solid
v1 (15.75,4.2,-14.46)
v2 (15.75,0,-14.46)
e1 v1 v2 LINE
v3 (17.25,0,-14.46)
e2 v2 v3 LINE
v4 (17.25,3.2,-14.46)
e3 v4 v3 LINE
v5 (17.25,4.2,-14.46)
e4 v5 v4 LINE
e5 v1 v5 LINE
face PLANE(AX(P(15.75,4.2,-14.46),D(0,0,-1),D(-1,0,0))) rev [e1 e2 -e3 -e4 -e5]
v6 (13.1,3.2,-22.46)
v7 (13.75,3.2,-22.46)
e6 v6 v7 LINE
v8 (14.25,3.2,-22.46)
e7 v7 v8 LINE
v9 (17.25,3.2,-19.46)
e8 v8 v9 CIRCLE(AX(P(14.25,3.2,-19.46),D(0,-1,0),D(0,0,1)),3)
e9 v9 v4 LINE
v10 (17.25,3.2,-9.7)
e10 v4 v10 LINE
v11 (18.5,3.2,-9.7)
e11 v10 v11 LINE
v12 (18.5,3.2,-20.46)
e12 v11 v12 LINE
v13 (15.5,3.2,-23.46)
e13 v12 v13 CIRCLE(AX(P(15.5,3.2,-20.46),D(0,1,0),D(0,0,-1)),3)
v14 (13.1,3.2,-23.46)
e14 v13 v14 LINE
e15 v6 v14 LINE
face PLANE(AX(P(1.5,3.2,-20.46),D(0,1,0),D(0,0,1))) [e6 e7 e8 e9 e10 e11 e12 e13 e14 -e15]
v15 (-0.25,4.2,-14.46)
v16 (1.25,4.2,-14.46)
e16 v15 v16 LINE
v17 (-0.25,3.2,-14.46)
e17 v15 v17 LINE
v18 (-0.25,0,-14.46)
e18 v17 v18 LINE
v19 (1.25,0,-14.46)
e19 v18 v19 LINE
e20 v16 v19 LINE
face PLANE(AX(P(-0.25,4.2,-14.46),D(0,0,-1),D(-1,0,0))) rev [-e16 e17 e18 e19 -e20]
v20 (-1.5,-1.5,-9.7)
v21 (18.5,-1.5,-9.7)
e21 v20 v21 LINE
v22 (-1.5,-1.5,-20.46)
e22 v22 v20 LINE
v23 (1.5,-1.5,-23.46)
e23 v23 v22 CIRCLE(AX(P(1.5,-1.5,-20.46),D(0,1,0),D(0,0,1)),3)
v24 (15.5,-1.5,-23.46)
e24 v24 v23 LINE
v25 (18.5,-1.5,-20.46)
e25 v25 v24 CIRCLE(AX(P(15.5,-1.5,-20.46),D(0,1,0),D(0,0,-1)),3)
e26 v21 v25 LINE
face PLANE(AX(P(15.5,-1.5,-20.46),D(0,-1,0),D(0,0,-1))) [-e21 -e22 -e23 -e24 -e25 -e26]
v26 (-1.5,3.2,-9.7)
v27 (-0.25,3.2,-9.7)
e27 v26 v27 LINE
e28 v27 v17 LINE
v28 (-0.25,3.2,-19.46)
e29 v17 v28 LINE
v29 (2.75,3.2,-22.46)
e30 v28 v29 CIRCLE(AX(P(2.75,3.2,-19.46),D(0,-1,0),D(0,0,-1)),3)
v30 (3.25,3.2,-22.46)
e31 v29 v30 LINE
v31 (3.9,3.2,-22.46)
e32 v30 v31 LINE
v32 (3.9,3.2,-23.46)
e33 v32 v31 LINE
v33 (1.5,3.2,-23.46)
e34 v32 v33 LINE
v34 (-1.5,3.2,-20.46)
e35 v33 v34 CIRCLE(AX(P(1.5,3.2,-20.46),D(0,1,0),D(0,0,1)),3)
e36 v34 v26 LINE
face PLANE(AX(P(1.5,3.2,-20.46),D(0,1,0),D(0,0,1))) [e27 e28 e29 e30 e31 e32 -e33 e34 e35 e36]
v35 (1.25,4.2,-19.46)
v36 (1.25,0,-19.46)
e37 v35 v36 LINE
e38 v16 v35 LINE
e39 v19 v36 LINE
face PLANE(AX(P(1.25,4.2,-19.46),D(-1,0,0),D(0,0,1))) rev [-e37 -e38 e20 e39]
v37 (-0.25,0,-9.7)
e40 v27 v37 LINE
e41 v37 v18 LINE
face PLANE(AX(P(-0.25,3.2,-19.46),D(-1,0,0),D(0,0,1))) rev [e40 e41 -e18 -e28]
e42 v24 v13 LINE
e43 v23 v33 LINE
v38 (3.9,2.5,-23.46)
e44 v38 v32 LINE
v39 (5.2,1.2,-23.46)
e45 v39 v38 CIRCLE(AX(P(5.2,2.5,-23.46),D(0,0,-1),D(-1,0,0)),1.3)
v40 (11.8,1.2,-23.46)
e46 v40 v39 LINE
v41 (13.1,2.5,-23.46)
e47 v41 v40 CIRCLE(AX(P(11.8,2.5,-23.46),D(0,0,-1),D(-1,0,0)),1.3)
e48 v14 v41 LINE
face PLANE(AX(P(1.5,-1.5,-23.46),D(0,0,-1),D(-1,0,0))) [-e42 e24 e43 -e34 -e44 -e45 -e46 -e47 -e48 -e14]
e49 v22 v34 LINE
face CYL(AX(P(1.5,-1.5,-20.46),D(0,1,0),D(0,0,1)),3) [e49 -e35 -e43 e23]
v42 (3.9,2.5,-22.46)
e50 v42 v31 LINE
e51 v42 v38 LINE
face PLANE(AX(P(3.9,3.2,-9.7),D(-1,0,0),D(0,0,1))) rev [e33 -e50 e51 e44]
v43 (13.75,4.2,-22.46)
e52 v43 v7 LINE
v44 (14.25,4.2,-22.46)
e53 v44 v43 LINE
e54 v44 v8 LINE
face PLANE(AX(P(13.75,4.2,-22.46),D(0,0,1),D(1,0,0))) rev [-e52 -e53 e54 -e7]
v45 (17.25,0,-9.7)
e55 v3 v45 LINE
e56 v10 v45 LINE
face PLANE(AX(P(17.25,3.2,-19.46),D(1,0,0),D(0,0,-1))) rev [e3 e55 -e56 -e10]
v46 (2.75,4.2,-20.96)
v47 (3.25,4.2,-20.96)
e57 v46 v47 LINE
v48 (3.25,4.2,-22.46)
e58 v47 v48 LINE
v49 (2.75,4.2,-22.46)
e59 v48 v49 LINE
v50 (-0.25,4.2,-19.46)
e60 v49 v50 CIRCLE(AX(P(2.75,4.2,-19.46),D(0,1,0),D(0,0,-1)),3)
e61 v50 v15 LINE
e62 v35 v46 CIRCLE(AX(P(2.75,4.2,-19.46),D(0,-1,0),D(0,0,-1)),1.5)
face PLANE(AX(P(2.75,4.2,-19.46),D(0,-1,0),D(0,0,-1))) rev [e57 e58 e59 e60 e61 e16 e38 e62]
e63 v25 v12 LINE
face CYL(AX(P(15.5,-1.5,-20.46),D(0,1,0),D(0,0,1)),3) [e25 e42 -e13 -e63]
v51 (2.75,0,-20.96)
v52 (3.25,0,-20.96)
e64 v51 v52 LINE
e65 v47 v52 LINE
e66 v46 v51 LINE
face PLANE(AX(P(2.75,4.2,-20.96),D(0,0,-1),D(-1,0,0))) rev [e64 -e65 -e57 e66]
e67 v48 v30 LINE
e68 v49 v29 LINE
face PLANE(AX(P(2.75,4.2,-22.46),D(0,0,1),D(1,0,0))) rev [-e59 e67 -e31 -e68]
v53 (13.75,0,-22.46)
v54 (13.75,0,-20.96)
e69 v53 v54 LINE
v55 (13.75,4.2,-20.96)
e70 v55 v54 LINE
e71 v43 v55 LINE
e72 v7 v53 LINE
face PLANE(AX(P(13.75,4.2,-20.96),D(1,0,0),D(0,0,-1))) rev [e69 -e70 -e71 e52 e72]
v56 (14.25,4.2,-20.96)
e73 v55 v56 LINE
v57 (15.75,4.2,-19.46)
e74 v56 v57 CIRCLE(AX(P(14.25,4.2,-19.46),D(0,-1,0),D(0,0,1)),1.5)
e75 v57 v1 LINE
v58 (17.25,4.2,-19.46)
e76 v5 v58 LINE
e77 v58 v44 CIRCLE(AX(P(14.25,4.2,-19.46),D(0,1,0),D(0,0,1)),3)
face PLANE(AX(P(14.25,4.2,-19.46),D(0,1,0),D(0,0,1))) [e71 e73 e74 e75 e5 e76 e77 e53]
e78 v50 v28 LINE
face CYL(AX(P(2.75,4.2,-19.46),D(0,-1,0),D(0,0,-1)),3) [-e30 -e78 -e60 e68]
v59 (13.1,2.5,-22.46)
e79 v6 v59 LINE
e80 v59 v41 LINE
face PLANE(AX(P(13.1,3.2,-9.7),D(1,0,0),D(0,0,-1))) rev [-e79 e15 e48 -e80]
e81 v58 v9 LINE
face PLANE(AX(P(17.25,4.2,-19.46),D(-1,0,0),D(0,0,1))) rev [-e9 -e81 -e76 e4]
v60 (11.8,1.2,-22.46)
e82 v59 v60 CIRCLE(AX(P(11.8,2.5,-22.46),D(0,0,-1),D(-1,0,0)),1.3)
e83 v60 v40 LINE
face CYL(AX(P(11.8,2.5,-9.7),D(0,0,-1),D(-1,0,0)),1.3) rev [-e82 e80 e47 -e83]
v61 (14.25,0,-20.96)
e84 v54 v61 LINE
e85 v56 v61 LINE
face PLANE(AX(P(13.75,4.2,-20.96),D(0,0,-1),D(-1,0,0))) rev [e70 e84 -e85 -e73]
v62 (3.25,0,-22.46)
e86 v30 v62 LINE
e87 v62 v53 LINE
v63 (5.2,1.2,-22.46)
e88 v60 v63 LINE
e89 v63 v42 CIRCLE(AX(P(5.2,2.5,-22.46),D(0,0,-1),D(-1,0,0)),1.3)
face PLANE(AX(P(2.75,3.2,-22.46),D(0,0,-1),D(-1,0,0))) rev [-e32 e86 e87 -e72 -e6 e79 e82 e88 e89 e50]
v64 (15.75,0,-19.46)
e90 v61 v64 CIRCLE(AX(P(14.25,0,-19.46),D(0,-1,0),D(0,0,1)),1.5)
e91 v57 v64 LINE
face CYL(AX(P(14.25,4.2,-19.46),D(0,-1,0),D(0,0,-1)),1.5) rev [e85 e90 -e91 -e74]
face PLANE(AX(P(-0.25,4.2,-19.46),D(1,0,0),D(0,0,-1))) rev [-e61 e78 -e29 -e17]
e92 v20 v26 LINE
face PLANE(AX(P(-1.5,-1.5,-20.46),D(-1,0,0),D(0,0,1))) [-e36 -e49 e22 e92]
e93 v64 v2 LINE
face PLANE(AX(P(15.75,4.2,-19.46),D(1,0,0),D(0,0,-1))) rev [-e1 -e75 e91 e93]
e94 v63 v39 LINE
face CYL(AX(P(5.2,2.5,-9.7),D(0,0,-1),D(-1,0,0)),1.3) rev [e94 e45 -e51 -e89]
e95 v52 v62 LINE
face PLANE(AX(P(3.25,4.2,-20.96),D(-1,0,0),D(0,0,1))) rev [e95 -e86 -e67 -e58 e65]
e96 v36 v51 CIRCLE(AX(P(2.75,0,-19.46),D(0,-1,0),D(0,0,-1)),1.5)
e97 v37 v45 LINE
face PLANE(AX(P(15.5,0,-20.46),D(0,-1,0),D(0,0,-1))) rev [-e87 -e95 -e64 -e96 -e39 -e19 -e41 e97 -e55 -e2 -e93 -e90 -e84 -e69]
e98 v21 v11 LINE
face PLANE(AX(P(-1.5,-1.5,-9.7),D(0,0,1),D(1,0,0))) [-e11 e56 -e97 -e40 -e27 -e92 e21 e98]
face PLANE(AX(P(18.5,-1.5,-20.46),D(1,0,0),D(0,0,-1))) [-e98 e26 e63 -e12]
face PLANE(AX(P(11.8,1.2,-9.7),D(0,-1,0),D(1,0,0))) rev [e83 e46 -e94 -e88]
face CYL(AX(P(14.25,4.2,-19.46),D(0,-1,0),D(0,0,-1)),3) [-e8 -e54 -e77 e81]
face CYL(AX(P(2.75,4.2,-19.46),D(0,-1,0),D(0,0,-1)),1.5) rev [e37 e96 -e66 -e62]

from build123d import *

# Parameters (mm, degrees)
BOSS_EXTRUDE1_DEPTH = 1.5
BOSS_EXTRUDE2_START = 3.2
BOSS_EXTRUDE2_DEPTH = 3.2
BOSS_EXTRUDE3_START = 4.2
BOSS_EXTRUDE3_DEPTH = 4.2
CUT_EXTRUDE1_DEPTH  = 24.43560539


with BuildPart() as part:
    # Sketch1 → Boss-Extrude1 (new body)
    with BuildSketch(Plane(origin=(0, 0, 0), x_dir=(1, 0, 0), z_dir=(0, 1, 0))):
        with BuildLine():
            Line((-1.5, 20.46), (-1.5, 9.7))
            Line((-1.5, 9.7), (18.5, 9.7))
            Line((18.5, 9.7), (18.5, 20.46))
            ThreePointArc((18.5, 20.46), (17.621320344, 22.581320344), (15.5, 23.46))
            Line((15.5, 23.46), (1.5, 23.46))
            ThreePointArc((1.5, 23.46), (-0.621320344, 22.581320344), (-1.5, 20.46))
        make_face()
    extrude(amount=-BOSS_EXTRUDE1_DEPTH)

    # Sketch3 → Boss-Extrude2 (add)
    with BuildSketch(Plane(origin=(0, 0, 0), x_dir=(1, 0, 0), z_dir=(0, 1, 0)).offset(BOSS_EXTRUDE2_START)):
        with BuildLine():
            Line((2.75, 22.46), (14.25, 22.46))
            ThreePointArc((14.25, 22.46), (16.371320344, 21.581320344), (17.25, 19.46))
            Line((17.25, 19.46), (17.25, 9.7))
            Line((17.25, 9.7), (18.5, 9.7))
            Line((18.5, 9.7), (18.5, 20.46))
            ThreePointArc((18.5, 20.46), (17.621320344, 22.581320344), (15.5, 23.46))
            Line((15.5, 23.46), (1.5, 23.46))
            ThreePointArc((1.5, 23.46), (-0.621320344, 22.581320344), (-1.5, 20.46))
            Line((-1.5, 20.46), (-1.5, 9.7))
            Line((-1.5, 9.7), (-0.25, 9.7))
            Line((-0.25, 9.7), (-0.25, 19.46))
            ThreePointArc((-0.25, 19.46), (0.628679656, 21.581320344), (2.75, 22.46))
        make_face()
    extrude(amount=-BOSS_EXTRUDE2_DEPTH)

    # Sketch2 → Boss-Extrude3 (add)
    with BuildSketch(Plane(origin=(0, 0, 0), x_dir=(1, 0, 0), z_dir=(0, 1, 0)).offset(BOSS_EXTRUDE3_START)):
        with BuildLine():
            Line((2.75, 20.96), (3.25, 20.96))
            Line((3.25, 20.96), (3.25, 22.46))
            Line((3.25, 22.46), (2.75, 22.46))
            ThreePointArc((2.75, 22.46), (0.628679656, 21.581320344), (-0.25, 19.46))
            Line((-0.25, 19.46), (-0.25, 14.46))
            Line((-0.25, 14.46), (1.25, 14.46))
            Line((1.25, 14.46), (1.25, 19.46))
            ThreePointArc((1.25, 19.46), (1.689339828, 20.520660172), (2.75, 20.96))
        make_face()
        with BuildLine():
            Line((17.25, 19.46), (17.25, 14.46))
            Line((17.25, 14.46), (15.75, 14.46))
            Line((15.75, 14.46), (15.75, 19.46))
            ThreePointArc((15.75, 19.46), (15.310660172, 20.520660172), (14.25, 20.96))
            Line((14.25, 20.96), (13.75, 20.96))
            Line((13.75, 20.96), (13.75, 22.46))
            Line((13.75, 22.46), (14.25, 22.46))
            ThreePointArc((14.25, 22.46), (16.371320344, 21.581320344), (17.25, 19.46))
        make_face()
    extrude(amount=-BOSS_EXTRUDE3_DEPTH)

    # Sketch5 → Cut-Extrude1 (cut, through all)
    with BuildSketch(Plane(origin=(0, 0, -23.46), x_dir=(-1, 0, 0), z_dir=(0, 0, -1))):
        with BuildLine():
            Line((-13.1, 3.2), (-3.9, 3.2))
            Line((-3.9, 3.2), (-3.9, 2.5))
            ThreePointArc((-3.9, 2.5), (-4.280761184, 1.580761184), (-5.2, 1.2))
            Line((-5.2, 1.2), (-11.8, 1.2))
            ThreePointArc((-11.8, 1.2), (-12.719238816, 1.580761184), (-13.1, 2.5))
            Line((-13.1, 2.5), (-13.1, 3.2))
        make_face()
    extrude(amount=-CUT_EXTRUDE1_DEPTH, mode=Mode.SUBTRACT)


solid = part.part
